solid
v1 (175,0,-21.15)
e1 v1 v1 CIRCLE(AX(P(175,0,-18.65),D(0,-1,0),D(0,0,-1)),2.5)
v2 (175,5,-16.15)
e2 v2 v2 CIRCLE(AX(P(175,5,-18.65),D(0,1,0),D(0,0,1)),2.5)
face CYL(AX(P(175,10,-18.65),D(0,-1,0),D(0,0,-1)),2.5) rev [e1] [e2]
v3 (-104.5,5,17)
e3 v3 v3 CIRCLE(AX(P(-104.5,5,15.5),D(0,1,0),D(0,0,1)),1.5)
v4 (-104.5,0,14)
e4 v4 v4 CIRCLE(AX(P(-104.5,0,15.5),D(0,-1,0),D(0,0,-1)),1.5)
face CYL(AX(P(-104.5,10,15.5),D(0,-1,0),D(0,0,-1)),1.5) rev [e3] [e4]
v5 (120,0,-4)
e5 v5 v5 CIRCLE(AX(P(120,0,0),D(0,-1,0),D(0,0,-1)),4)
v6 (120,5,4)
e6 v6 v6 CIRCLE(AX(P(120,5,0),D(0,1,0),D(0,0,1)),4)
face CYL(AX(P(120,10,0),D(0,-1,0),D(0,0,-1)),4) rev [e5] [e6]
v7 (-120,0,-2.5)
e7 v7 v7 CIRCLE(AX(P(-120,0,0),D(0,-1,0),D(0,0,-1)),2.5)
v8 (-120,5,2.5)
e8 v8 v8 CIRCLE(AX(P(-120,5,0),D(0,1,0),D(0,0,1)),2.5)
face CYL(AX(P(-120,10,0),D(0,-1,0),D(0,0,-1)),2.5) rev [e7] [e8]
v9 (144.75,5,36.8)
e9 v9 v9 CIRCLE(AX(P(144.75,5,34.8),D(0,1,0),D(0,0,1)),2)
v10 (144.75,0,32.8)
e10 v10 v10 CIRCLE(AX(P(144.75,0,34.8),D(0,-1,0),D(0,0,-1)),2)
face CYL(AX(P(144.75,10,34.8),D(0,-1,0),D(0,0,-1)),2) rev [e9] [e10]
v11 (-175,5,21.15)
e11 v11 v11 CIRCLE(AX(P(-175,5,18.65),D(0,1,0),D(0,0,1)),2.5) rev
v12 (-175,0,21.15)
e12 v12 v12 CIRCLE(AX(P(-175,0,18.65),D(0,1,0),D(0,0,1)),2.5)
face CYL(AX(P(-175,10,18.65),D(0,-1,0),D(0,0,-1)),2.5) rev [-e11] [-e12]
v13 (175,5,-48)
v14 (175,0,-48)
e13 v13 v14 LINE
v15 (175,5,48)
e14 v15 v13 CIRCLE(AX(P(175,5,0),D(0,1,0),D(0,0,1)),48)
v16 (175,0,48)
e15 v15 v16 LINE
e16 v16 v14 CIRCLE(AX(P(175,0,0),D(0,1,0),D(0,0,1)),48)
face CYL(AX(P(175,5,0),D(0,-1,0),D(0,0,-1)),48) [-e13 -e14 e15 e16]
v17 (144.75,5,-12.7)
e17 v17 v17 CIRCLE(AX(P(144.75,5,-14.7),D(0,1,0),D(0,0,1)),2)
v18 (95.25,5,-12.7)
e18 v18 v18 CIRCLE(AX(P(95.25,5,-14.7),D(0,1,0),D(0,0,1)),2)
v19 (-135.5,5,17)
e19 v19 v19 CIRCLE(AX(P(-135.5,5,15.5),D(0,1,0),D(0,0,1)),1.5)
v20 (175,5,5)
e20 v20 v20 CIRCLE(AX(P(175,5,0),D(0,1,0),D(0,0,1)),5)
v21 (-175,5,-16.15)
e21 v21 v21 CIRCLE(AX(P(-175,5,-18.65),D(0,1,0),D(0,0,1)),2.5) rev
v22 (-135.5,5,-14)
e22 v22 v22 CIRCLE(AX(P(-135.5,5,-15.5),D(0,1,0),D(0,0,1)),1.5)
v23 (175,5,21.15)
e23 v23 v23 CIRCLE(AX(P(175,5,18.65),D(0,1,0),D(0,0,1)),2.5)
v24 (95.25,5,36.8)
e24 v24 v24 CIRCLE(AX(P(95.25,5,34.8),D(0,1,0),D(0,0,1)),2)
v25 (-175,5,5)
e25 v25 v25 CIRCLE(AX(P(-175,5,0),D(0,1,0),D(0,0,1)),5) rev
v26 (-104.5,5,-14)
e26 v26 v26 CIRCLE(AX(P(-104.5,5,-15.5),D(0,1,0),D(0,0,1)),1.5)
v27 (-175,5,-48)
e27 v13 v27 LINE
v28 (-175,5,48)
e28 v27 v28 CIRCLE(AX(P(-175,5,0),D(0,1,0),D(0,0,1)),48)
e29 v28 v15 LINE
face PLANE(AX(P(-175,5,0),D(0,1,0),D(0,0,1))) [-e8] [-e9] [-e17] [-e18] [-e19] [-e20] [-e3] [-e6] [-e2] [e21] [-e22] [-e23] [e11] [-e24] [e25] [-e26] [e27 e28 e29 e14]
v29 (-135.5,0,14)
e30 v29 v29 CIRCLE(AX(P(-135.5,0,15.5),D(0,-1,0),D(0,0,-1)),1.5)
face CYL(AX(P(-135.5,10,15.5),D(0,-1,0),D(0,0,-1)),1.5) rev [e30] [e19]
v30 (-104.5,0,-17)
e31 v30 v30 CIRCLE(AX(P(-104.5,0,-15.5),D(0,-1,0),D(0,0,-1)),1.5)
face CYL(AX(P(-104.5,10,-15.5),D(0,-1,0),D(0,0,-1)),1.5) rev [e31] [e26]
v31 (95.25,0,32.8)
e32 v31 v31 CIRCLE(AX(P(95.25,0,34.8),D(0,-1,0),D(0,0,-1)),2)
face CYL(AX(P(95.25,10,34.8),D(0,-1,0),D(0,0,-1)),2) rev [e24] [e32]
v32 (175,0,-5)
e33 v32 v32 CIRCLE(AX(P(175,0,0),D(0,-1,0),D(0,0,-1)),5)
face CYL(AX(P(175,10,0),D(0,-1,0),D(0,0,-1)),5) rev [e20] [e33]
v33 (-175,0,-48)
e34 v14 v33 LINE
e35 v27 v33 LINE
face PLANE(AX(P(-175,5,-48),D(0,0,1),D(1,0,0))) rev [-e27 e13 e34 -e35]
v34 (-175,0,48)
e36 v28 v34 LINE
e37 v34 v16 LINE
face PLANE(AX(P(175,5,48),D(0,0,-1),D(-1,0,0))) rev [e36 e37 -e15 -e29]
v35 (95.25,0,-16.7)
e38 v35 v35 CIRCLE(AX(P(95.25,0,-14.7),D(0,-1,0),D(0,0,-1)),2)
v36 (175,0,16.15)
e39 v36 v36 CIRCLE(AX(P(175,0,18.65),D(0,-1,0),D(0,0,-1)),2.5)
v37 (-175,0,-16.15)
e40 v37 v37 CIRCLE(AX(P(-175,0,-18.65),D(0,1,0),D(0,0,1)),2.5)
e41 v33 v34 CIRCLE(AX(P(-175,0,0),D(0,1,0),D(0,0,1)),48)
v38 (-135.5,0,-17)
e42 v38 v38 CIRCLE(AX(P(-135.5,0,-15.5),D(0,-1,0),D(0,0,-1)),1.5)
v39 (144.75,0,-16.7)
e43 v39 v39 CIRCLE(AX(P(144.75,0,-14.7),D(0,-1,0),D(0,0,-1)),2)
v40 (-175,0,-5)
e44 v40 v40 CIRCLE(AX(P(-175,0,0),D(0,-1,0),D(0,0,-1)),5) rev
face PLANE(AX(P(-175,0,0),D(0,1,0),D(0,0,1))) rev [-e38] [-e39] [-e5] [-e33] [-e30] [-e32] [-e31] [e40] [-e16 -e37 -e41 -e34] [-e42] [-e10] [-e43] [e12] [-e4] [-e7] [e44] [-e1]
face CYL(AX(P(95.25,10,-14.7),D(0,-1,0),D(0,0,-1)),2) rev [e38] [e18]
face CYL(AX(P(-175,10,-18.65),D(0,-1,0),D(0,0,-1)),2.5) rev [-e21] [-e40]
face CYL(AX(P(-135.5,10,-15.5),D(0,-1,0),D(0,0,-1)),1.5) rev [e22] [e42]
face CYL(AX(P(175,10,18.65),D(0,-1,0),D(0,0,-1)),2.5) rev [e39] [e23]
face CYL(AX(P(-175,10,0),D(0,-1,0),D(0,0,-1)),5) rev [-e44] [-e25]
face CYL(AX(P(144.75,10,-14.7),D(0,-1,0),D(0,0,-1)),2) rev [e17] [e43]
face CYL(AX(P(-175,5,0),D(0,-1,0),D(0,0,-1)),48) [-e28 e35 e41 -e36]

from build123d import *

# Parameters (mm, degrees)
BOSS_EXTRUDE1_DEPTH = 5
SKETCH2_R           = 5
SKETCH2_R_2         = 2.5
SKETCH2_R_3         = 4
SKETCH2_R_4         = 2
SKETCH2_R_5         = 1.5
CUT_EXTRUDE1_DEPTH  = 10


with BuildPart() as part:
    # Sketch1 → Boss-Extrude1 (new body)
    with BuildSketch(Plane(origin=(0, 0, 0), x_dir=(1, 0, 0), z_dir=(0, 1, 0))):
        with BuildLine():
            Line((-175, 48), (175, 48))
            ThreePointArc((175, 48), (223, 0), (175, -48))
            Line((175, -48), (-175, -48))
            ThreePointArc((-175, -48), (-223, 0), (-175, 48))
        make_face()
    extrude(amount=BOSS_EXTRUDE1_DEPTH)

    # Sketch2 → Cut-Extrude1 (cut)
    with BuildSketch(Plane.XZ):
        with Locations((175, 0)):
            Circle(SKETCH2_R)
        with Locations((175, 18.65)):
            Circle(SKETCH2_R_2)
        with Locations((175, -18.65)):
            Circle(SKETCH2_R_2)
        with Locations((-175, -18.65)):
            Circle(SKETCH2_R_2)
        with Locations((-175, 18.65)):
            Circle(SKETCH2_R_2)
        with Locations((-175, 0)):
            Circle(SKETCH2_R)
        with Locations((120, 0)):
            Circle(SKETCH2_R_3)
        with Locations((95.25, -14.7)):
            Circle(SKETCH2_R_4)
        with Locations((144.75, -14.7)):
            Circle(SKETCH2_R_4)
        with Locations((144.75, 34.8)):
            Circle(SKETCH2_R_4)
        with Locations((95.25, 34.8)):
            Circle(SKETCH2_R_4)
        with Locations((-135.5, -15.5)):
            Circle(SKETCH2_R_5)
        with Locations((-135.5, 15.5)):
            Circle(SKETCH2_R_5)
        with Locations((-104.5, 15.5)):
            Circle(SKETCH2_R_5)
        with Locations((-104.5, -15.5)):
            Circle(SKETCH2_R_5)
        with Locations((-120, 0)):
            Circle(SKETCH2_R_2)
    extrude(amount=-CUT_EXTRUDE1_DEPTH, mode=Mode.SUBTRACT)


solid = part.part
